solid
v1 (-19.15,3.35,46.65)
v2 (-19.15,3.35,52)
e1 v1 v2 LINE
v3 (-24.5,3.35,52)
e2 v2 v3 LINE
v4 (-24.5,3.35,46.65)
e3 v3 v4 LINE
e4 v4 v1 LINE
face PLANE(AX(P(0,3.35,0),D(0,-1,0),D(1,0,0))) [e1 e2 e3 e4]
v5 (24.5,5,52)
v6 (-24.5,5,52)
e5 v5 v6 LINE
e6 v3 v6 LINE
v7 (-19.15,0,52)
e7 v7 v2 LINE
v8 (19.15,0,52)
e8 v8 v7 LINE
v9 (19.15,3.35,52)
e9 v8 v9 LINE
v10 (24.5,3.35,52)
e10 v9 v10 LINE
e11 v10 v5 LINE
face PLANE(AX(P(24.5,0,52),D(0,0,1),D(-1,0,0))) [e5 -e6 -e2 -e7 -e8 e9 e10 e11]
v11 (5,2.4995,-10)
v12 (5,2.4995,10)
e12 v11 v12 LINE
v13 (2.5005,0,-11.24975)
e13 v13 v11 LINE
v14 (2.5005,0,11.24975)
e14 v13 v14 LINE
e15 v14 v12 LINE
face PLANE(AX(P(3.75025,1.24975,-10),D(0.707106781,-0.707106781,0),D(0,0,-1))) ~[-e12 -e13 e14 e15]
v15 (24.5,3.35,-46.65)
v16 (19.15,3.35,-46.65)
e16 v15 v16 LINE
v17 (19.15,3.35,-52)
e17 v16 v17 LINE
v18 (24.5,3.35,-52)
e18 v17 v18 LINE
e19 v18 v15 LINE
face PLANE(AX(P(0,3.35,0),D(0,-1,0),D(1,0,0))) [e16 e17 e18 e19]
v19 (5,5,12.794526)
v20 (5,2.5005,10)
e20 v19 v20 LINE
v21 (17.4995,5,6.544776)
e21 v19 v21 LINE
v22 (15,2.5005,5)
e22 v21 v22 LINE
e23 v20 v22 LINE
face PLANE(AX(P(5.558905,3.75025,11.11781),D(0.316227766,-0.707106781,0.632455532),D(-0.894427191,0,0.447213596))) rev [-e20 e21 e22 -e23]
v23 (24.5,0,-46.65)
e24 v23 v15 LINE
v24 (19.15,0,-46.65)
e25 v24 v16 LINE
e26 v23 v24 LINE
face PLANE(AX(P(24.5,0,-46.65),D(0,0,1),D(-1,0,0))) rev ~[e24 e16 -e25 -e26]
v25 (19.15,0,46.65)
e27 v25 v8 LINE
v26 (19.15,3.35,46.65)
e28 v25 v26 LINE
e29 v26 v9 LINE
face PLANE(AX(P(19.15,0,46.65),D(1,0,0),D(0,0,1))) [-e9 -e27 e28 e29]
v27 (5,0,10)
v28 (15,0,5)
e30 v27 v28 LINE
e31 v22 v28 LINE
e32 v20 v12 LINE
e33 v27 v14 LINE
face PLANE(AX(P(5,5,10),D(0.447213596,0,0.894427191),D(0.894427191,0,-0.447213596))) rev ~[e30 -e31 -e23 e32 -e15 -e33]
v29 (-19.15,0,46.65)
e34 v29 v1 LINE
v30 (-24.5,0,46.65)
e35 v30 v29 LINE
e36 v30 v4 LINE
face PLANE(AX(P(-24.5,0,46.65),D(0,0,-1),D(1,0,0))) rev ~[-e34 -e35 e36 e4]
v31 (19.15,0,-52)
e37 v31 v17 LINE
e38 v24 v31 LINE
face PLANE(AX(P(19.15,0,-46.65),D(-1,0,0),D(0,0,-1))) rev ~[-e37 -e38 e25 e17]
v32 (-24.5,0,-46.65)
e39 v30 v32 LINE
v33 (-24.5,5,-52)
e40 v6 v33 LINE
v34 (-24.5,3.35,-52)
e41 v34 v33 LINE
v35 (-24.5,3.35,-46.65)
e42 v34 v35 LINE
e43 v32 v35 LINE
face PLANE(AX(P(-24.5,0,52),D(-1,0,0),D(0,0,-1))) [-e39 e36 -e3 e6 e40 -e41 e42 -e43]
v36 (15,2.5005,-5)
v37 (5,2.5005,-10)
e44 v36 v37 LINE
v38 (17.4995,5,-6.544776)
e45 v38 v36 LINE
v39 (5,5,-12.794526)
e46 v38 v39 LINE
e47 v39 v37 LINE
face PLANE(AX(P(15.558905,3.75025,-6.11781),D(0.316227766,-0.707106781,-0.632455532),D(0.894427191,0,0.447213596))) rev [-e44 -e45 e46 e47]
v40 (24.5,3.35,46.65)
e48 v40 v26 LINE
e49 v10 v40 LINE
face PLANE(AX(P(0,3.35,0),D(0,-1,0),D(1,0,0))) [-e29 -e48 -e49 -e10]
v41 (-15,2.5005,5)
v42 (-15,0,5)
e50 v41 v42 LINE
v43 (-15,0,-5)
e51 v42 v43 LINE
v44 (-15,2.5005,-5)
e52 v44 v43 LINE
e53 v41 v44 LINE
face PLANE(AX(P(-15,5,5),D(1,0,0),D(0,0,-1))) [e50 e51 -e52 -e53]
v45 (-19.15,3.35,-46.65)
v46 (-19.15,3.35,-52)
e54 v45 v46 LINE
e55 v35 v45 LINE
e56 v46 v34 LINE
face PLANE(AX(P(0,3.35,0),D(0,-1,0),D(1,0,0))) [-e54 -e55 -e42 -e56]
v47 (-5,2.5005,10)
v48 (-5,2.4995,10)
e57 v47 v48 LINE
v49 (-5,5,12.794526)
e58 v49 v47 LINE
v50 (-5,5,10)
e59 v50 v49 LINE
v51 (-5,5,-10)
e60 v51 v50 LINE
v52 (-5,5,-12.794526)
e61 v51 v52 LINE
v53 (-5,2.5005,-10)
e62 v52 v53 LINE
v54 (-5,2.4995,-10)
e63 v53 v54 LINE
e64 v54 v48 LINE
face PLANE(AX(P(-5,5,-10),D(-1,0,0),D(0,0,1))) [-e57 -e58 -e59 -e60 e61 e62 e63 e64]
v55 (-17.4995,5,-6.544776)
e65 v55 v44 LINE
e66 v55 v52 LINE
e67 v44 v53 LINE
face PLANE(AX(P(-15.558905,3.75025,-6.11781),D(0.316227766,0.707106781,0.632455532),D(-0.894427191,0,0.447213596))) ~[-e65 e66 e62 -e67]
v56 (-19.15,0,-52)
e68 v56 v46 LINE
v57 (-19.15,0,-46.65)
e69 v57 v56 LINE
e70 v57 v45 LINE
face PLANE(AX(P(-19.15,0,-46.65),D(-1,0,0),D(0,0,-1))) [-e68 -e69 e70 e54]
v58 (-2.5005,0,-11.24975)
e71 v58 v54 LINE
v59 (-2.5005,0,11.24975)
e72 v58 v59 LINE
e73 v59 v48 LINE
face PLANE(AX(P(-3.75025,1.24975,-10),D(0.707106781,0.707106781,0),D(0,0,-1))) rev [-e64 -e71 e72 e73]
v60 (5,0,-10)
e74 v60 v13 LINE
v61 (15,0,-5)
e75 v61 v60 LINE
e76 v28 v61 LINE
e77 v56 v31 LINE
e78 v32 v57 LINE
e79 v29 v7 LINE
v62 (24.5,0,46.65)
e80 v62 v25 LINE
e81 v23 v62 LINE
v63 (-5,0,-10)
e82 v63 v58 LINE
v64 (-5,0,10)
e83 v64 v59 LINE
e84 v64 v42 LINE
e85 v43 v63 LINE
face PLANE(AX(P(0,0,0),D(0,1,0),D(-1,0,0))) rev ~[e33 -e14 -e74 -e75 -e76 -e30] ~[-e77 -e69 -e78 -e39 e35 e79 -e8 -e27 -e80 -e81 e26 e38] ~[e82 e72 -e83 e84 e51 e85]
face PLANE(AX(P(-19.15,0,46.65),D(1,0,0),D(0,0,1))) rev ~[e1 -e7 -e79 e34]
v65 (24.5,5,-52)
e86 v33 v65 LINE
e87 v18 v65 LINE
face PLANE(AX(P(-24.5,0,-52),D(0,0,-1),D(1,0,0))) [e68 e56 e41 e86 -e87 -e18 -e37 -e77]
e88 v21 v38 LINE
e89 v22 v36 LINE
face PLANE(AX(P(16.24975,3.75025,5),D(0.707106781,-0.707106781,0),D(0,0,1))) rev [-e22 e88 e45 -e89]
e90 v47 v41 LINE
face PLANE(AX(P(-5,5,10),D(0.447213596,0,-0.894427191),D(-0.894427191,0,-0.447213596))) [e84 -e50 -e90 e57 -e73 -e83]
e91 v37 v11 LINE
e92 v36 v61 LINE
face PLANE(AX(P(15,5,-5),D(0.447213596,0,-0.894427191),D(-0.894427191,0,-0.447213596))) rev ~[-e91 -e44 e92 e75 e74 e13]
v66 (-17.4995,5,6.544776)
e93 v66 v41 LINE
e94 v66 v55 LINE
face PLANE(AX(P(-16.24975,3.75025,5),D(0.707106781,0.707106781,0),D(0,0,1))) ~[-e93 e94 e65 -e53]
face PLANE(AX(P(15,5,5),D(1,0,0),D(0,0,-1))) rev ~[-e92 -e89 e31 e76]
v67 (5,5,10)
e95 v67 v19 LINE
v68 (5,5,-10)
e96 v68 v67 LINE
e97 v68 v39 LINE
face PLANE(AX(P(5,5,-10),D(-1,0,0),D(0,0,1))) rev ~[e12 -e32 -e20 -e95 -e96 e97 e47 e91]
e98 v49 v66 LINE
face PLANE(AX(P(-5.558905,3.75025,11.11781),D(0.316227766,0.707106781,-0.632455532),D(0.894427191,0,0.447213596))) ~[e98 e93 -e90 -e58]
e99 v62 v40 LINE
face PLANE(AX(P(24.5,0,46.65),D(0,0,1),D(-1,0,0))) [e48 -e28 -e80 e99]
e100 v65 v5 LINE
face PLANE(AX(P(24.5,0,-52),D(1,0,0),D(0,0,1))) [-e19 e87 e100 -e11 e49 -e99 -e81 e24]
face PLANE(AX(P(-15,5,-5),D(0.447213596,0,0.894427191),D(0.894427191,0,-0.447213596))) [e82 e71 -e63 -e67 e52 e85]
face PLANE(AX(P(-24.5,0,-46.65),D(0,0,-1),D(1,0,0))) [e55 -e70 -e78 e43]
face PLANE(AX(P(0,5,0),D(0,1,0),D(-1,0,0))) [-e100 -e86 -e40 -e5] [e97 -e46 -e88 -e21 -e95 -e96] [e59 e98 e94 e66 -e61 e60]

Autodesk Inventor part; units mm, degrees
ref_plane "YZ Plane" through (0, 0, 0) normal (1, 0, 0) x (0, 1, 0)
ref_plane "XZ Plane" through (0, 0, 0) normal (0, 1, 0) x (-1, 0, 0)
ref_plane "XY Plane" through (0, 0, 0) normal (0, 0, 1) x (1, 0, 0)
sketch "Sketch1" plane through (0, 0, 0) normal (0, 1, 0) x (-1, 0, 0)
  line L0 (-24.5, 52) -> (24.5, 52)
  line L1 (24.5, 52) -> (24.5, -52)
  line L2 (24.5, -52) -> (-24.5, -52)
  line L3 (-24.5, -52) -> (-24.5, 52)
  point P0 (0, 0)
  point P1 (0, -52)
  point P2 (24.5, 0)
  dimension "d0" = 104
  dimension "d1" = 49
extrude "Extrusion1" add sketch "Sketch1" along normal blind 5
sketch "Sketch2" plane through (0, 0, 0) normal (0, -1, 0) x (1, 0, 0)
  line L0 (24.5, 46.65) -> (19.15, 46.65)
  line L1 (19.15, 46.65) -> (19.15, 52)
  line L2 (19.15, 52) -> (24.5, 52)
  line L3 (24.5, 52) -> (24.5, 46.65)
  line L4 (24.5, -52) -> (24.5, 52) projected
  line L5 (24.5, 52) -> (-24.5, 52) projected
  line L6 (0, -77) -> (0, 77) projected
  line L7 (-38.5, 0) -> (38.5, 0) projected
  line L8 (24.5, -46.65) -> (19.15, -46.65)
  line L9 (19.15, -46.65) -> (19.15, -52)
  line L10 (19.15, -52) -> (24.5, -52)
  line L11 (24.5, -52) -> (24.5, -46.65)
  line L12 (-24.5, 46.65) -> (-19.15, 46.65)
  line L13 (-19.15, 46.65) -> (-19.15, 52)
  line L14 (-19.15, 52) -> (-24.5, 52)
  line L15 (-24.5, 52) -> (-24.5, 46.65)
  line L16 (-19.15, -46.65) -> (-19.15, -52)
  line L17 (-24.5, -46.65) -> (-19.15, -46.65)
  line L18 (-24.5, -52) -> (-24.5, -46.65)
  line L19 (-19.15, -52) -> (-24.5, -52)
  point P0 (0, 0)
  dimension "d4" = 5.35
extrude "Extrusion2" cut sketch "Sketch2" against normal blind 3.35 contours L0 L1 L2 L3 | L4 L10 L9 L8 | L13 L12 L15 L5 | L16 L19 L18 L17
sketch "Sketch3" plane through (0, 5, 0) normal (0, 1, 0) x (1, 0, 0)
  line L0 (-5, -10) -> (-15, -5)
  line L1 (-15, -5) -> (-15, 5)
  line L2 (-15, 5) -> (-5, 10)
  line L3 (-5, 10) -> (-5, -10)
  line L4 (15, -5) -> (15, 5)
  line L5 (15, 5) -> (5, 10)
  line L6 (5, 10) -> (5, -10)
  line L7 (5, -10) -> (15, -5)
  point P0 (0, 0)
  point P1 (-5, 0)
  dimension "d7" = 5
  dimension "d8" = 5
  dimension "d9" = 10
  dimension "d10" = 20
  dimension "d11" = 10
  dimension "d12" = 10
extrude "Extrusion3" cut sketch "Sketch3" against normal through all
chamfer "Chamfer1" distance 2.5 angle 45 8 edges at (5, 0, 0) (-5, 0, 0) (-10, 5, 7.5) (-15, 5, 0) (-10, 5, -7.5) (10, 5, -7.5) (15, 5, 0) (10, 5, 7.5)
equation "\"d4\" = magnet_A"
equation "\"d5\" = magnet_B"
equation "\"magnet_A\" = 5.35"
equation "\"magnet_B\" = 3.35"
properties part number "BODY_TOP_COVER"
